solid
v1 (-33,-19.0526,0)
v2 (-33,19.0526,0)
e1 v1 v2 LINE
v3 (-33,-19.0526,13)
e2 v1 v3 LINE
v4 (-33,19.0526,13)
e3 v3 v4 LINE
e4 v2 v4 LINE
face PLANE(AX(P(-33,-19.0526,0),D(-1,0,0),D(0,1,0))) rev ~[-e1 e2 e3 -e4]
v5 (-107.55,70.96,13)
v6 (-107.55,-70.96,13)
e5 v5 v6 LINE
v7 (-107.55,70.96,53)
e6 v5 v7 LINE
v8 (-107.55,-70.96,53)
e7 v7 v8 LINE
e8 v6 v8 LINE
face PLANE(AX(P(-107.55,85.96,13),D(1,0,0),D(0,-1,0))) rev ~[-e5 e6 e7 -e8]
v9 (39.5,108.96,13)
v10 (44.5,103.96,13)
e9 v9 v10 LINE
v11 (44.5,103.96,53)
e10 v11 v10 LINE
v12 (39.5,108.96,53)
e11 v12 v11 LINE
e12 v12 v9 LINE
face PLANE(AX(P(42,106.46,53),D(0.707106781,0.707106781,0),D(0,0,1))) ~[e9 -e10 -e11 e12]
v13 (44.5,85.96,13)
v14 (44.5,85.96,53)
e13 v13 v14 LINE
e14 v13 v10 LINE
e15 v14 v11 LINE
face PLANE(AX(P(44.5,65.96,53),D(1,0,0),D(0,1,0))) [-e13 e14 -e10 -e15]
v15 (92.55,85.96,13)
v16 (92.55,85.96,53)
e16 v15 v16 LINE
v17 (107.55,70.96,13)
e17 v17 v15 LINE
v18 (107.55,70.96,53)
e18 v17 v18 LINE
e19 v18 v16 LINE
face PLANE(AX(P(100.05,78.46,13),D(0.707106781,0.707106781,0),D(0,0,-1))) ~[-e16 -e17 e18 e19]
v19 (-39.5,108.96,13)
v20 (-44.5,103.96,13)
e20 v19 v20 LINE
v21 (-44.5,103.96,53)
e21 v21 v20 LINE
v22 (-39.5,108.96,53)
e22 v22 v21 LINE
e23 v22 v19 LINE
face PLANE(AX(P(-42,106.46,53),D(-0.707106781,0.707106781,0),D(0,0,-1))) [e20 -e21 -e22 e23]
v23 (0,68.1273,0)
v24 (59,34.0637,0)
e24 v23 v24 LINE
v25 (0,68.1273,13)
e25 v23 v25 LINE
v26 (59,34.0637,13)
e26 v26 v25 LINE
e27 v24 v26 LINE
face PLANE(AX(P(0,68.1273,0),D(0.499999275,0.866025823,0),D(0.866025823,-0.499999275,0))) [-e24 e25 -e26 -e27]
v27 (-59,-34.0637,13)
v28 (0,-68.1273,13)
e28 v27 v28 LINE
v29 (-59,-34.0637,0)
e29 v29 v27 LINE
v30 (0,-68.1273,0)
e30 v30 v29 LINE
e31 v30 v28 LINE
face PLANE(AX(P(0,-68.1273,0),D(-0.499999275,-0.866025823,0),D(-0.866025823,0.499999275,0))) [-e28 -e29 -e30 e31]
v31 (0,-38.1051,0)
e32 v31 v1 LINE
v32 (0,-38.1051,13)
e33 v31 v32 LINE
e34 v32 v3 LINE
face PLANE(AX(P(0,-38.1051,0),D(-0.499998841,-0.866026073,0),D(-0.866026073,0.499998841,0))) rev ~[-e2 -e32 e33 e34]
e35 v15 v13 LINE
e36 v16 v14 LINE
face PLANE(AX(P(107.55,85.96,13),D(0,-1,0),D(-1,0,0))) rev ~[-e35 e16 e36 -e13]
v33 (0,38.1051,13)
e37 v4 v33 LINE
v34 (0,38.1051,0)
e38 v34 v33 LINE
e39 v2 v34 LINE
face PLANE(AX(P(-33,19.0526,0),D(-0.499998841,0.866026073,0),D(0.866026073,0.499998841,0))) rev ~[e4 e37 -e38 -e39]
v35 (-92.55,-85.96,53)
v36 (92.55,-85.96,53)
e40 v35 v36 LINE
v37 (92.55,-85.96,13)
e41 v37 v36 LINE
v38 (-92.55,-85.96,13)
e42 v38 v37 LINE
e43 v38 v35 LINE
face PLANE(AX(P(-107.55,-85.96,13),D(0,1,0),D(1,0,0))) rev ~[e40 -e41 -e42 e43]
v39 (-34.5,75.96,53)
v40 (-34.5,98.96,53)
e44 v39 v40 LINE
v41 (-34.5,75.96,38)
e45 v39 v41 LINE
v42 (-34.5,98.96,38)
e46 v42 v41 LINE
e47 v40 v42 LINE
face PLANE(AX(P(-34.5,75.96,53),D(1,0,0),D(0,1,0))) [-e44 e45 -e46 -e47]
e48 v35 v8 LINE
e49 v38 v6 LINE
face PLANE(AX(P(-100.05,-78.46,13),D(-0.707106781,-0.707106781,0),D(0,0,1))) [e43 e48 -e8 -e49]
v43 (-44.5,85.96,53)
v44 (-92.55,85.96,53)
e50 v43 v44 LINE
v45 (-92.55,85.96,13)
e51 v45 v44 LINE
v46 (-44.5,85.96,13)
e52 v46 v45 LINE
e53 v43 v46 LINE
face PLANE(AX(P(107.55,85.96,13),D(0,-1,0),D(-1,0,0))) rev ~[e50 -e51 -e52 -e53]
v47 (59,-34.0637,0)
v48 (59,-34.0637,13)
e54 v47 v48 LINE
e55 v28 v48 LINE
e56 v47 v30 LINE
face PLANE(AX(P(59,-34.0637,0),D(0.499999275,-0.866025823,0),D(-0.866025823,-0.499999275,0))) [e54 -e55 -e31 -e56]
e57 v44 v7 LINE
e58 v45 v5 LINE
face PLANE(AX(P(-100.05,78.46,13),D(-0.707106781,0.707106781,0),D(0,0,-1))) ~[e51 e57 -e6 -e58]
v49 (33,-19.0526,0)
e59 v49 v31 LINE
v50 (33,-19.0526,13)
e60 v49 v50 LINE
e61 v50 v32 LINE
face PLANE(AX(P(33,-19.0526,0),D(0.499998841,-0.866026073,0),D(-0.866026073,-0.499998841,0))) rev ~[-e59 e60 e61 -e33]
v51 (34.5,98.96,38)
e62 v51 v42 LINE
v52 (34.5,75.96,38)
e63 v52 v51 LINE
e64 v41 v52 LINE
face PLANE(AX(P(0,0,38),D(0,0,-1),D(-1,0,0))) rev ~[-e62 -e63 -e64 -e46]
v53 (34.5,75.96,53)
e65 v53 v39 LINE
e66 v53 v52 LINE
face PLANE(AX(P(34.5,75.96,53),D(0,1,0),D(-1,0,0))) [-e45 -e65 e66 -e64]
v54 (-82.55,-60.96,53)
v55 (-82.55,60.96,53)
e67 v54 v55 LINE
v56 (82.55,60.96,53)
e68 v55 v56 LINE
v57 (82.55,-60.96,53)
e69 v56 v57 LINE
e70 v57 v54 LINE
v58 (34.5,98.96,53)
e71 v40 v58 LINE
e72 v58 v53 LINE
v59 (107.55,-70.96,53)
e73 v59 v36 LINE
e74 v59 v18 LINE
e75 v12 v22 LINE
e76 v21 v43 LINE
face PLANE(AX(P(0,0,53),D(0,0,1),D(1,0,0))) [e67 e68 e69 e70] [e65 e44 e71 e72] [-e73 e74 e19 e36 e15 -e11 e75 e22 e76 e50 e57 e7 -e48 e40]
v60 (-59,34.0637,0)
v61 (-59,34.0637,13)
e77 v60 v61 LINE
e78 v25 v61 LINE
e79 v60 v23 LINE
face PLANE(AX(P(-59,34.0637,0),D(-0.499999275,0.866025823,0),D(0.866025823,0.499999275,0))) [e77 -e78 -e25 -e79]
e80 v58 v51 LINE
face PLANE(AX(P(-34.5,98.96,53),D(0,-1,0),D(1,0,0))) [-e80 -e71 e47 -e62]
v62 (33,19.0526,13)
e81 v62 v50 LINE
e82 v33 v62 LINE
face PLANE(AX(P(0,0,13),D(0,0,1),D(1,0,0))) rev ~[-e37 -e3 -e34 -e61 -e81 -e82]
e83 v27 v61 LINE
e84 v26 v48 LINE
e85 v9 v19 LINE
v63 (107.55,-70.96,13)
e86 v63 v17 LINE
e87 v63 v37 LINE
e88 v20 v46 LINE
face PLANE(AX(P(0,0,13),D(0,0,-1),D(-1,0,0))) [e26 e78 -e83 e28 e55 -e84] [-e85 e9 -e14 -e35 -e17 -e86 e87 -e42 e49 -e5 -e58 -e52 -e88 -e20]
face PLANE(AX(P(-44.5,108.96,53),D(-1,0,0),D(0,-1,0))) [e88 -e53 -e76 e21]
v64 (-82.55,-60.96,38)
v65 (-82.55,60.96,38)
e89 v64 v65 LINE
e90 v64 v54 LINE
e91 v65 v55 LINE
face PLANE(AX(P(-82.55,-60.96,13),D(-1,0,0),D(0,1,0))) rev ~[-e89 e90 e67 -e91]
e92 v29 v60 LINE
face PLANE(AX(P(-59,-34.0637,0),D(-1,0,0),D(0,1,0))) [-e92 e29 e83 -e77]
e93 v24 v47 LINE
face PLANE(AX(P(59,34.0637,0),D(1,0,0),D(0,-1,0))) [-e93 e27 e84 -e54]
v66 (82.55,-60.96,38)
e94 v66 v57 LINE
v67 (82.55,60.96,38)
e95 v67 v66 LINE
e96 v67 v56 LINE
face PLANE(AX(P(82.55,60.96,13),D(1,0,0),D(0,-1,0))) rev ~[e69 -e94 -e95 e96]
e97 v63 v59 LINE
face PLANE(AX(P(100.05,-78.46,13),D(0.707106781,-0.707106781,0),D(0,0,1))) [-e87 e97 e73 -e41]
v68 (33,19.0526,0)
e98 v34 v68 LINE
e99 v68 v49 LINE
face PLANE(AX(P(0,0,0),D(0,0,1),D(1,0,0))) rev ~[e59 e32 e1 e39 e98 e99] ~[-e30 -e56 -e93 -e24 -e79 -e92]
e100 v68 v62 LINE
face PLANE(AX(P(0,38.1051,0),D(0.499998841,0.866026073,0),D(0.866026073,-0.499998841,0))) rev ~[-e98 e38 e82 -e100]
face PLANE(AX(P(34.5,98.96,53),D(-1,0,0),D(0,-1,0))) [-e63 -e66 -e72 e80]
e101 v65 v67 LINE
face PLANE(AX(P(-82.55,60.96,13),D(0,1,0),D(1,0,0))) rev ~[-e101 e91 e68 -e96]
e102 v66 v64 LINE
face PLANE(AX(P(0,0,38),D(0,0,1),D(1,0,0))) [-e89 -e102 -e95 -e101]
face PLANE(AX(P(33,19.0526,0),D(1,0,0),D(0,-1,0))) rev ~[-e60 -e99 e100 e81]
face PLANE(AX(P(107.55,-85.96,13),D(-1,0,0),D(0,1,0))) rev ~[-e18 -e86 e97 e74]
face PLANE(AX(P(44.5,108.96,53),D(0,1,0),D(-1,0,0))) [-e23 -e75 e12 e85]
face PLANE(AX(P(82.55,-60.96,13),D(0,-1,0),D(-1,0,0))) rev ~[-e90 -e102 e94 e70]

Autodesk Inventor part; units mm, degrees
ref_plane "YZ Plane" through (0, 0, 0) normal (1, 0, 0) x (0, 1, 0)
ref_plane "XZ Plane" through (0, 0, 0) normal (0, 1, 0) x (-1, 0, 0)
ref_plane "XY Plane" through (0, 0, 0) normal (0, 0, 1) x (1, 0, 0)
sketch "Sketch1" plane through (0, 0, 0) normal (0, 0, 1) x (1, 0, 0)
  line L0 (33, 19.0526) -> (33, -19.0526)
  line L1 (33, -19.0526) -> (0, -38.1051)
  line L2 (0, -38.1051) -> (-33, -19.0526)
  line L3 (-33, -19.0526) -> (-33, 19.0526)
  line L4 (-33, 19.0526) -> (0, 38.1051)
  line L5 (0, 38.1051) -> (33, 19.0526)
  line L6 (0, 68.1273) -> (59, 34.0637)
  line L7 (59, 34.0637) -> (59, -34.0637)
  line L8 (59, -34.0637) -> (0, -68.1273)
  line L9 (0, -68.1273) -> (-59, -34.0637)
  line L10 (-59, -34.0637) -> (-59, 34.0637)
  line L11 (-59, 34.0637) -> (0, 68.1273)
  point P0 (0, 0)
  point P1 (0, 0)
  point P2 (0, 0)
  dimension "d0" = 66
  dimension "d1" = 118
extrude "Extrusion1" add sketch "Sketch1" along normal blind 13
sketch "Sketch2" plane through (0, 0, 13) normal (0, 0, 1) x (1, 0, 0)
  line L0 (-82.55, 60.96) -> (82.55, 60.96)
  line L1 (82.55, 60.96) -> (82.55, -60.96)
  line L2 (82.55, -60.96) -> (-82.55, -60.96)
  line L3 (-82.55, -60.96) -> (-82.55, 60.96)
  line L4 (107.55, 85.96) -> (-107.55, 85.96)
  line L5 (-107.55, 85.96) -> (-107.55, -85.96)
  line L6 (-107.55, -85.96) -> (107.55, -85.96)
  line L7 (107.55, -85.96) -> (107.55, 85.96)
  point P0 (0, 0)
  point P1 (0, 60.96)
  point P2 (-82.55, 0)
  dimension "d4" = 165.1
  dimension "d5" = 121.92
  dimension "d6" = 25
extrude "Extrusion2" add sketch "Sketch2" along normal blind 40
sketch "Sketch3" plane through (0, 0, 13) normal (0, 0, 1) x (1, 0, 0)
  line L0 (82.55, 60.96) -> (82.55, -60.96) projected
  line L1 (82.55, -60.96) -> (-82.55, -60.96) projected
  line L2 (-82.55, -60.96) -> (-82.55, 60.96) projected
  line L3 (-82.55, 60.96) -> (82.55, 60.96) projected
  line L4 (107.55, 85.96) -> (-107.55, 85.96) projected
  line L5 (-107.55, 85.96) -> (-107.55, -85.96) projected
  line L6 (-107.55, -85.96) -> (107.55, -85.96) projected
  line L7 (107.55, -85.96) -> (107.55, 85.96) projected
  point P0 (0, 0)
extrude "Extrusion3" add sketch "Sketch3" along normal blind 25 contours L0 L1 L2 L3
chamfer "Chamfer1" distance 15 angle 45 4 edges at (107.55, 85.96, 33) (-107.55, 85.96, 33) (-107.55, -85.96, 33) (107.55, -85.96, 33)
sketch "Sketch5" plane through (0, 0, 53) normal (0, 0, 1) x (1, 0, 0)
  line L0 (-34.5, 98.96) -> (34.5, 98.96)
  line L1 (34.5, 98.96) -> (34.5, 75.96)
  line L2 (34.5, 75.96) -> (-34.5, 75.96)
  line L3 (-34.5, 75.96) -> (-34.5, 98.96)
  line L4 (-82.55, 60.96) -> (82.55, 60.96) projected
  line L5 (-44.5, 65.96) -> (44.5, 65.96)
  line L6 (44.5, 65.96) -> (44.5, 108.96)
  line L7 (44.5, 108.96) -> (-44.5, 108.96)
  line L8 (-44.5, 108.96) -> (-44.5, 65.96)
  point P0 (0, 0)
  point P1 (0, 75.96)
  dimension "d16" = 69
  dimension "d17" = 23
  dimension "d18" = 15
  dimension "d19" = 10
extrude "Extrusion5" cut sketch "Sketch5" against normal through all contours L0 L1 L2 L3
extrude "Extrusion6" add sketch "Sketch5" against normal up to surface (40 mm away) from surface at 0
sketch "Sketch6" plane through (0, 0, 13) normal (0, 0, -1) x (-1, 0, 0)
  line L0 (-34.5, 98.96) -> (34.5, 98.96) projected
  line L1 (-34.5, 75.96) -> (-34.5, 98.96) projected
  line L2 (34.5, 98.96) -> (34.5, 75.96) projected
  line L3 (34.5, 75.96) -> (-34.5, 75.96) projected
  point P0 (0, 0)
extrude "Extrusion7" add sketch "Sketch6" against normal blind 25
chamfer "Chamfer2" distance 5 angle 45 2 edges at (-44.5, 108.96, 33) (44.5, 108.96, 33)
sketch "Sketch4" plane through (0, 0, 38) normal (0, 0, 1) x (1, 0, 0)
  arc A0 (-11.0008, -6.7698) -> (-71.9286, -8.4622) centre (-38.141, -127.2687) ccw
  arc A1 (-5.9235, 13.5395) -> (-75.3135, 12.2702) centre (-39.1977, -64.7665) ccw
  line L0 (-71.9286, -8.4622) -> (-75.3135, 12.2702)
  line L1 (-5.9235, 13.5395) -> (-11.0008, -6.7698)
  line L2 (0, 0) -> (0, 51.6194) construction
  arc A2 (71.9286, -8.4622) -> (11.0008, -6.7698) centre (38.141, -127.2687) ccw
  arc A3 (75.3135, 12.2702) -> (5.9235, 13.5395) centre (39.1977, -64.7665) ccw
  line L3 (71.9286, -8.4622) -> (75.3135, 12.2702)
  line L4 (5.9235, 13.5395) -> (11.0008, -6.7698)
  arc A4 (-19.0744, -39.0642) -> (63.8895, -28.5788) centre (-4.9616, 182.7337) ccw
  arc A5 (-20.6474, -45.3561) -> (71.9286, -33.1705) centre (-14.0222, 262.0605) ccw
  line L5 (-20.6474, -45.3561) -> (-19.0744, -39.0642)
  line L6 (63.8895, -28.5788) -> (71.9286, -33.1705)
extrude "Extrusion4" [suppressed]
sketch "Sketch7" plane through (0, 0, 38) normal (0, 0, 1) x (1, 0, 0)
  line L0 (-69.7683, 44.5617) -> (-5.8515, 44.5617)
  line L1 (-5.8515, 44.5617) -> (-5.8515, -27.9073)
  line L2 (-5.8515, -27.9073) -> (-69.7683, -27.9073)
  line L3 (-69.7683, -27.9073) -> (-69.7683, 44.5617)
  line L4 (-5.8515, 8.3272) -> (0, 8.3272)
  line L5 (0, 8.3272) -> (0, 0)
  line L6 (0, 0) -> (-5.8515, 0)
  line L7 (-5.8515, 0) -> (-5.8515, 8.3272)
  line L8 (-82.55, -60.96) -> (-82.55, 60.96) projected
  line L9 (-69.7683, 14.8539) -> (-82.55, 14.8539)
  line L10 (-82.55, 14.8539) -> (-82.55, 4.1636)
  line L11 (-82.55, 4.1636) -> (-69.7683, 4.1636)
  line L12 (-69.7683, 4.1636) -> (-69.7683, 14.8539)
  line L13 (69.7683, 44.5617) -> (5.8515, 44.5617)
  line L14 (5.8515, 44.5617) -> (5.8515, -27.9073)
  line L15 (5.8515, -27.9073) -> (69.7683, -27.9073)
  line L16 (69.7683, -27.9073) -> (69.7683, 44.5617)
  line L17 (5.8515, 8.3272) -> (0, 8.3272)
  line L18 (0, 0) -> (5.8515, 0)
  line L19 (5.8515, 0) -> (5.8515, 8.3272)
  line L20 (82.55, -60.96) -> (82.55, 60.96)
  line L21 (69.7683, 14.8539) -> (82.55, 14.8539)
  line L22 (82.55, 14.8539) -> (82.55, 4.1636)
  line L23 (82.55, 4.1636) -> (69.7683, 4.1636)
  line L24 (69.7683, 4.1636) -> (69.7683, 14.8539)
extrude "Extrusion8" [suppressed]
properties part number "HA11" material "ABS Plastic"
